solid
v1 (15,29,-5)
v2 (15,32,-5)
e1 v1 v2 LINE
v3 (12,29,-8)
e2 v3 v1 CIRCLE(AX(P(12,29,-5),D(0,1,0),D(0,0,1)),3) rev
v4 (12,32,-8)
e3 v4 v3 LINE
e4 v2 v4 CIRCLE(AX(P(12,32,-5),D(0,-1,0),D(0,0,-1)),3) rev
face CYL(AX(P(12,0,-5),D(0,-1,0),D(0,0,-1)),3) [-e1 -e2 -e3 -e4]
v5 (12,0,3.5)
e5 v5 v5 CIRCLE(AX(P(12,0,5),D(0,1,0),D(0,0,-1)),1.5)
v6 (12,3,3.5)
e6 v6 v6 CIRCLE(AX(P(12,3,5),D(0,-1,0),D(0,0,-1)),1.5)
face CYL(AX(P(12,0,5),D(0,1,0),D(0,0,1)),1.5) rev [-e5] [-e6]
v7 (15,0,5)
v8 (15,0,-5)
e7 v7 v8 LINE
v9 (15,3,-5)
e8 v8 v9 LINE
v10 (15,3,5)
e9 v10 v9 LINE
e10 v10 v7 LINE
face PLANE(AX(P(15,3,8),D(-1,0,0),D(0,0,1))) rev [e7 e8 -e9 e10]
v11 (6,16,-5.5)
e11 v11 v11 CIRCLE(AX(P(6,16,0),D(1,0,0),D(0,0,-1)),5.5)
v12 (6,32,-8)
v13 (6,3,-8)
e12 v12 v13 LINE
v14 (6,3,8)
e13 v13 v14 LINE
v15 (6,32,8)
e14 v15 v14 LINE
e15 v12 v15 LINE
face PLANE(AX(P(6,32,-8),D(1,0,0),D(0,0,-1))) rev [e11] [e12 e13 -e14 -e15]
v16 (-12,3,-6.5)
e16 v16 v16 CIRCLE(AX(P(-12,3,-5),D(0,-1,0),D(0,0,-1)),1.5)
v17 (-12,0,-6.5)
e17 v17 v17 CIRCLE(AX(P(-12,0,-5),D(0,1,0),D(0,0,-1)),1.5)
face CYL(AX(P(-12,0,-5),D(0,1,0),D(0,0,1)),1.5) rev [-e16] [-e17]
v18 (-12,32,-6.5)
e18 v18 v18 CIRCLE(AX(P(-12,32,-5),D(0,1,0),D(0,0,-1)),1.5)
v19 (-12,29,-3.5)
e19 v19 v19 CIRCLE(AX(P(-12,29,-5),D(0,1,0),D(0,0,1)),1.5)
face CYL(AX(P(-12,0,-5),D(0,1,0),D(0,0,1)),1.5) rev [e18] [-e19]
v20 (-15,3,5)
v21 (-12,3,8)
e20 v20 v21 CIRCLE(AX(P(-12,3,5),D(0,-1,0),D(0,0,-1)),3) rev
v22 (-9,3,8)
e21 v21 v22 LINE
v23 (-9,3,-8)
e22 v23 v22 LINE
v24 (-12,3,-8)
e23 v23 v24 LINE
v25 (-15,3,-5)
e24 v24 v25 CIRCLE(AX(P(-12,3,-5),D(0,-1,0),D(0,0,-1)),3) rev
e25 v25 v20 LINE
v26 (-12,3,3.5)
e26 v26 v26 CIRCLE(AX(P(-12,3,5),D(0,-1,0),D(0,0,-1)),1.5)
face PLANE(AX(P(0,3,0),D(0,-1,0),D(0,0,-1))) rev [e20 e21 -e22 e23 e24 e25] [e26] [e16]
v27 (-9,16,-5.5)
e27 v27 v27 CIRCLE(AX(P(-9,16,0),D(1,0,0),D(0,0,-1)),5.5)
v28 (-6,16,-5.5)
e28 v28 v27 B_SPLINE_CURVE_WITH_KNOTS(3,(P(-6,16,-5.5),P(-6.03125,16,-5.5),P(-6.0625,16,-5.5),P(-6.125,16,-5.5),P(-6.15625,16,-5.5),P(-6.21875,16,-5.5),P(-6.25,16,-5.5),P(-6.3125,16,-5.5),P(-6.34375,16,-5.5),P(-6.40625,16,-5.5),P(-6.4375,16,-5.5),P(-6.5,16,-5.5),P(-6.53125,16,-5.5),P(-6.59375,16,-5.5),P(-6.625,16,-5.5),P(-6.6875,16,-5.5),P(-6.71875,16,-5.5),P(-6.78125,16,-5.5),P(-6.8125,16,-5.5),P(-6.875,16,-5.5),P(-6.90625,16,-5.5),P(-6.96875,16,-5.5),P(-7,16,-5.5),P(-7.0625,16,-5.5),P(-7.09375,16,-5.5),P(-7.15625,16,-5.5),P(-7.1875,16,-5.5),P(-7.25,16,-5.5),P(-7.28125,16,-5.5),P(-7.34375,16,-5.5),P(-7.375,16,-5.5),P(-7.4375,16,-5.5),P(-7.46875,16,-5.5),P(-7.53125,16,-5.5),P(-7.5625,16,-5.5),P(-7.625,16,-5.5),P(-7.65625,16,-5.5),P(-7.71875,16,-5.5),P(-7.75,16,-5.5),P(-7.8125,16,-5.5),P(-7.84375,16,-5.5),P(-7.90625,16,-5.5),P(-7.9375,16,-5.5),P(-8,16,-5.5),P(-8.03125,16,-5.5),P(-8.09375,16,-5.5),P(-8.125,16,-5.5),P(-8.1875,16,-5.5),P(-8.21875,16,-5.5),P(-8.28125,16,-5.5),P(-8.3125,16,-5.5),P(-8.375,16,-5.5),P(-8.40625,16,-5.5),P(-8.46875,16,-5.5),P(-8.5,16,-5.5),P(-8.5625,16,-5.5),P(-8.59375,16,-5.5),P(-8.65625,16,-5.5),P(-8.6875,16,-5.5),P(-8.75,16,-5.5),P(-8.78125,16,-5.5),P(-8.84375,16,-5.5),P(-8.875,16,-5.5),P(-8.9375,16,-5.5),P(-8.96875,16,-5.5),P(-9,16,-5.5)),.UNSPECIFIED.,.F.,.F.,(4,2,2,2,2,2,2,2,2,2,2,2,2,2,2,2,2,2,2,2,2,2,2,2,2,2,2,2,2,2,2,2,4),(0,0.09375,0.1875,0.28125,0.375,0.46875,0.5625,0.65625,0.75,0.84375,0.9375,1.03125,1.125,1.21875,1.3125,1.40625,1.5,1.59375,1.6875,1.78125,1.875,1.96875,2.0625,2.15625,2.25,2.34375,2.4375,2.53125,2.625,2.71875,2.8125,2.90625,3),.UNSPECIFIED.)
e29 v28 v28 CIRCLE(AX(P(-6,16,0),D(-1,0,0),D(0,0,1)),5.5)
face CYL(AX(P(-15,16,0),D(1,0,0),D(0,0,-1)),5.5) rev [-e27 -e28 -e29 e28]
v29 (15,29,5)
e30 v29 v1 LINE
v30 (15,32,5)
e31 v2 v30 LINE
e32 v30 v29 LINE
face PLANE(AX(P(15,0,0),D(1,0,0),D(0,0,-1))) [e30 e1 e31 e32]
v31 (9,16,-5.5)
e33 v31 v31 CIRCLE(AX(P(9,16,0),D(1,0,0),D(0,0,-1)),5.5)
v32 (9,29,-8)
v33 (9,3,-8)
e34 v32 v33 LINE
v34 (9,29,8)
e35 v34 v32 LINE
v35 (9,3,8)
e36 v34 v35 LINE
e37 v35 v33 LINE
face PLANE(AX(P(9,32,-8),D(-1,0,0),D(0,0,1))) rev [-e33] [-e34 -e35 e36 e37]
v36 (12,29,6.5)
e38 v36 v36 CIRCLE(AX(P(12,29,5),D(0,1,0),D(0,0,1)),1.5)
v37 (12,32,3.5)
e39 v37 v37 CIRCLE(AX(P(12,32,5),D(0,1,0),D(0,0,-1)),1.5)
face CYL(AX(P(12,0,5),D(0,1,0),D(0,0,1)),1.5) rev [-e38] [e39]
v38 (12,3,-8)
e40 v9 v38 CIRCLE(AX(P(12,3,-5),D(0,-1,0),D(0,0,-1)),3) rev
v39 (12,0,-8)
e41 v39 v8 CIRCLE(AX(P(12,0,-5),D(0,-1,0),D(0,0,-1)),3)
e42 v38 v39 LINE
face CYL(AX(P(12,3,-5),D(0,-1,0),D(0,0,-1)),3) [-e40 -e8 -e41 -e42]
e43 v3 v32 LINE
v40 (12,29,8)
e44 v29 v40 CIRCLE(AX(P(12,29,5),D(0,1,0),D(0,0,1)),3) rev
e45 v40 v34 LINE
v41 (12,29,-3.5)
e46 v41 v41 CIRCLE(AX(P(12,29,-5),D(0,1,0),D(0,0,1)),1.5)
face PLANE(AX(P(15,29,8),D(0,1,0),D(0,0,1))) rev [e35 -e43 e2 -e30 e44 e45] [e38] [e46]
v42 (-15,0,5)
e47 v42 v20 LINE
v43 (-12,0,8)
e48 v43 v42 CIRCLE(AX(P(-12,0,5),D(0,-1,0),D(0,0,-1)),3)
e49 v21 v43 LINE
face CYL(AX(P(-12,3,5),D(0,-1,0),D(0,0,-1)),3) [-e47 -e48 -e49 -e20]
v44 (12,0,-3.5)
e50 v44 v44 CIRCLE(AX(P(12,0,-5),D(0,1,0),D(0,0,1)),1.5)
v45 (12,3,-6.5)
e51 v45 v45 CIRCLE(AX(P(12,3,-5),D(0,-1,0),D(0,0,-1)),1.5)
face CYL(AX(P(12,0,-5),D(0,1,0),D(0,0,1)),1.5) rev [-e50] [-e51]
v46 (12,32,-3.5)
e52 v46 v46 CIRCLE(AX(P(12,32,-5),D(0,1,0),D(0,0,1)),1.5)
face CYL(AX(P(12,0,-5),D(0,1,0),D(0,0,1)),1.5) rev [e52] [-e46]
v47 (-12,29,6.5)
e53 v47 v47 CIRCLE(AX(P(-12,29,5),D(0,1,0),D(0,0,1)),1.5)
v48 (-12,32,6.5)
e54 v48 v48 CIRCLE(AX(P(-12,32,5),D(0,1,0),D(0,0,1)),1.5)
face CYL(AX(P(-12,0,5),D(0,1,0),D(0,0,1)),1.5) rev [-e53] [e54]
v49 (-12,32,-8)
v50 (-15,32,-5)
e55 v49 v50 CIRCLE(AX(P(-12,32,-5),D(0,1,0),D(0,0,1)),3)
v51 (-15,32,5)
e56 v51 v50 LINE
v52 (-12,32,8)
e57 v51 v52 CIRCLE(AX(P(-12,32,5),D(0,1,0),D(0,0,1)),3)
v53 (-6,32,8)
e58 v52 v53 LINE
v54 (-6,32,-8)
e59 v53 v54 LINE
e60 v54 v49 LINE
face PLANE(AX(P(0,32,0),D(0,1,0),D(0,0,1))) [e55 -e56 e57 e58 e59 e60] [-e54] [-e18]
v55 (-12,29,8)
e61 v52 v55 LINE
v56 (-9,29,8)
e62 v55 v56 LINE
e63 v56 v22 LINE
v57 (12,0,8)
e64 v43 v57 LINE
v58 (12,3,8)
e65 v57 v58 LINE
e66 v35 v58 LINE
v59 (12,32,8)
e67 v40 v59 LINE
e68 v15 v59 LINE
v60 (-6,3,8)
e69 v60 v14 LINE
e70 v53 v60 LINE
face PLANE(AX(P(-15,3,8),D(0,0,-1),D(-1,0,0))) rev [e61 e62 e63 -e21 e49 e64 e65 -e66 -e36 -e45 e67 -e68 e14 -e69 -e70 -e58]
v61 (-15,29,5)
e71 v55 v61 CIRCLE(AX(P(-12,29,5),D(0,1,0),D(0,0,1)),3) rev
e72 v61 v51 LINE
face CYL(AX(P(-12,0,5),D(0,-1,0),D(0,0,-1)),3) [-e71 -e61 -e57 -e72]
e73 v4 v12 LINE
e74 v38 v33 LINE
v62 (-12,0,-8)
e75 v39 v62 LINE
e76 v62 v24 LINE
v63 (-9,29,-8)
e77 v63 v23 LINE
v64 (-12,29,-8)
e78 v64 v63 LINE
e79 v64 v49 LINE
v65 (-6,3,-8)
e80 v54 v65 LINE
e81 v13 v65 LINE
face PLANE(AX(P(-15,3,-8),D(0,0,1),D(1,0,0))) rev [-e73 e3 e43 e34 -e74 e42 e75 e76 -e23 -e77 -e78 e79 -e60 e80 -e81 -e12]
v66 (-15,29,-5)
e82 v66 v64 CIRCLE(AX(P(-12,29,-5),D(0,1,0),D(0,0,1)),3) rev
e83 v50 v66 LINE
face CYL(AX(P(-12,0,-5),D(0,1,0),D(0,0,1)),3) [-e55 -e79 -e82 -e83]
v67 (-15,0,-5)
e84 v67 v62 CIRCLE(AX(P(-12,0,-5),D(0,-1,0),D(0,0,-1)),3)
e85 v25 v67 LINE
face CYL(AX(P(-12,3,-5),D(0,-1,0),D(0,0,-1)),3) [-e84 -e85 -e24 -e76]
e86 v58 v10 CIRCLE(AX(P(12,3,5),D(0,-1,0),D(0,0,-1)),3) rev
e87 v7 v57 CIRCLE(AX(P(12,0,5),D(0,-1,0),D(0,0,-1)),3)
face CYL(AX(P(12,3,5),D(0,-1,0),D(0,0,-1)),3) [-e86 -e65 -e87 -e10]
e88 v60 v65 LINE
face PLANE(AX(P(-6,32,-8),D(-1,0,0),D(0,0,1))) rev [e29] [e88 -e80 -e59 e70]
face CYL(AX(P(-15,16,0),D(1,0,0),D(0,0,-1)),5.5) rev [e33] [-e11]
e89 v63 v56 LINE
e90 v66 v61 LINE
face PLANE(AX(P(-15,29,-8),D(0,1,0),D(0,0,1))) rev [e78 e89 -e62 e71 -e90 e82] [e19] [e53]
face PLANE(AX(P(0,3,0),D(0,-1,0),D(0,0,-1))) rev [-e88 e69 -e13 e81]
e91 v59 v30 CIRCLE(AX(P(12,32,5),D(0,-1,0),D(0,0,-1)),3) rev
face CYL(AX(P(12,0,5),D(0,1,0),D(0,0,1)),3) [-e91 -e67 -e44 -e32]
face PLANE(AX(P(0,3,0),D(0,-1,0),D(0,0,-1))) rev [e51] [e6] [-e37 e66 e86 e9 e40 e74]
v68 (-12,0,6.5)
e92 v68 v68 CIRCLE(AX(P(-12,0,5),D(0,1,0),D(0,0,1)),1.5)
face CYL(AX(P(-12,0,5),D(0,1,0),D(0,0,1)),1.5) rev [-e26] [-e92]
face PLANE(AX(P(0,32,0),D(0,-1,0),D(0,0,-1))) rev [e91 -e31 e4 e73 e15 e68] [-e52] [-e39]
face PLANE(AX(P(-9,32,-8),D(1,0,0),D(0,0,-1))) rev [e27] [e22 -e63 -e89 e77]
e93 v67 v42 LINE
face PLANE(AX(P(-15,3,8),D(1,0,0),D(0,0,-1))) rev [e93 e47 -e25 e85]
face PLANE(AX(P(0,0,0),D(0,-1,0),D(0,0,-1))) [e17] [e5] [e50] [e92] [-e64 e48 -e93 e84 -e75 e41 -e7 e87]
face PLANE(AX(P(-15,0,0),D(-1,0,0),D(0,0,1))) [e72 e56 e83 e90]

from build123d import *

# Parameters (mm, degrees)
SKETCH_1_W          = 30
SKETCH_1_H          = 16
EXTRUDE_1_DEPTH     = 3
SKETCH_2_W          = 3
SKETCH_2_H          = 16
EXTRUDE_2_DEPTH     = 29
SKETCH_4_W          = 16
SKETCH_4_H          = 3
EXTRUDE_3_DEPTH     = 6
SKETCH_5_W          = 16
SKETCH_5_H          = 3
EXTRUDE_4_DEPTH     = 6
SKETCH_6_R          = 5.5
CUT_EXTRUDE_1_DEPTH = 41.792156109
SKETCH_7_R          = 1.5
CUT_EXTRUDE_2_DEPTH = 37.235341864
FILLET_1_R          = 3


with BuildPart() as part:
    # 草图1 → 凸台-拉伸1 (new body)
    with BuildSketch(Plane(origin=(0, 0, 0), x_dir=(1, 0, 0), z_dir=(0, 1, 0))):
        Rectangle(SKETCH_1_W, SKETCH_1_H)
    extrude(amount=EXTRUDE_1_DEPTH)

    # 草图2 → 凸台-拉伸2 (add)
    with BuildSketch(Plane(origin=(0, 3, 0), x_dir=(1, 0, 0), z_dir=(0, 1, 0))):
        with Locations((7.5, 0)):
            Rectangle(SKETCH_2_W, SKETCH_2_H)
        with Locations((-7.5, 0)):
            Rectangle(SKETCH_2_W, SKETCH_2_H)
    extrude(amount=EXTRUDE_2_DEPTH)

    # 草图4 → 凸台-拉伸3 (add)
    with BuildSketch(Plane.ZY.offset(9)):
        with Locations((0, 30.5)):
            Rectangle(SKETCH_4_W, SKETCH_4_H)
    extrude(amount=EXTRUDE_3_DEPTH)

    # 草图5 → 凸台-拉伸4 (add)
    with BuildSketch(Plane(origin=(9, 0, 0), x_dir=(0, 0, -1), z_dir=(1, 0, 0))):
        with Locations((0, 30.5)):
            Rectangle(SKETCH_5_W, SKETCH_5_H)
    extrude(amount=EXTRUDE_4_DEPTH)

    # 草图6 → 切除-拉伸1 (cut, through all)
    with BuildSketch(Plane(origin=(9, 0, 0), x_dir=(0, 0, -1), z_dir=(1, 0, 0))):
        with Locations((0, 16)):
            Circle(SKETCH_6_R)
    extrude(amount=-CUT_EXTRUDE_1_DEPTH, mode=Mode.SUBTRACT)

    # 草图7 → 切除-拉伸2 (cut, through all)
    with BuildSketch(Plane(origin=(0, 32, 0), x_dir=(1, 0, 0), z_dir=(0, 1, 0))):
        with Locations(Location((12, 5, 0), (0, 0, 270))):
            Circle(SKETCH_7_R)
        with Locations(Location((12, -5, 0), (0, 0, 270))):
            Circle(SKETCH_7_R)
        with Locations(Location((-12, -5, 0), (0, 0, 270))):
            Circle(SKETCH_7_R)
        with Locations(Location((-12, 5, 0), (0, 0, 270))):
            Circle(SKETCH_7_R)
    extrude(amount=-CUT_EXTRUDE_2_DEPTH, mode=Mode.SUBTRACT)

    # 圆角1
    fillet_1_edges = [part.edges().sort_by_distance(p)[0] for p in [
        (-15, 30.5, -8),
        (-15, 30.5, 8),
        (15, 30.5, 8),
        (15, 30.5, -8),
        (15, 1.5, 8),
        (-15, 1.5, 8),
        (-15, 1.5, -8),
        (15, 1.5, -8),
    ]]
    fillet(fillet_1_edges, radius=FILLET_1_R)


solid = part.part
